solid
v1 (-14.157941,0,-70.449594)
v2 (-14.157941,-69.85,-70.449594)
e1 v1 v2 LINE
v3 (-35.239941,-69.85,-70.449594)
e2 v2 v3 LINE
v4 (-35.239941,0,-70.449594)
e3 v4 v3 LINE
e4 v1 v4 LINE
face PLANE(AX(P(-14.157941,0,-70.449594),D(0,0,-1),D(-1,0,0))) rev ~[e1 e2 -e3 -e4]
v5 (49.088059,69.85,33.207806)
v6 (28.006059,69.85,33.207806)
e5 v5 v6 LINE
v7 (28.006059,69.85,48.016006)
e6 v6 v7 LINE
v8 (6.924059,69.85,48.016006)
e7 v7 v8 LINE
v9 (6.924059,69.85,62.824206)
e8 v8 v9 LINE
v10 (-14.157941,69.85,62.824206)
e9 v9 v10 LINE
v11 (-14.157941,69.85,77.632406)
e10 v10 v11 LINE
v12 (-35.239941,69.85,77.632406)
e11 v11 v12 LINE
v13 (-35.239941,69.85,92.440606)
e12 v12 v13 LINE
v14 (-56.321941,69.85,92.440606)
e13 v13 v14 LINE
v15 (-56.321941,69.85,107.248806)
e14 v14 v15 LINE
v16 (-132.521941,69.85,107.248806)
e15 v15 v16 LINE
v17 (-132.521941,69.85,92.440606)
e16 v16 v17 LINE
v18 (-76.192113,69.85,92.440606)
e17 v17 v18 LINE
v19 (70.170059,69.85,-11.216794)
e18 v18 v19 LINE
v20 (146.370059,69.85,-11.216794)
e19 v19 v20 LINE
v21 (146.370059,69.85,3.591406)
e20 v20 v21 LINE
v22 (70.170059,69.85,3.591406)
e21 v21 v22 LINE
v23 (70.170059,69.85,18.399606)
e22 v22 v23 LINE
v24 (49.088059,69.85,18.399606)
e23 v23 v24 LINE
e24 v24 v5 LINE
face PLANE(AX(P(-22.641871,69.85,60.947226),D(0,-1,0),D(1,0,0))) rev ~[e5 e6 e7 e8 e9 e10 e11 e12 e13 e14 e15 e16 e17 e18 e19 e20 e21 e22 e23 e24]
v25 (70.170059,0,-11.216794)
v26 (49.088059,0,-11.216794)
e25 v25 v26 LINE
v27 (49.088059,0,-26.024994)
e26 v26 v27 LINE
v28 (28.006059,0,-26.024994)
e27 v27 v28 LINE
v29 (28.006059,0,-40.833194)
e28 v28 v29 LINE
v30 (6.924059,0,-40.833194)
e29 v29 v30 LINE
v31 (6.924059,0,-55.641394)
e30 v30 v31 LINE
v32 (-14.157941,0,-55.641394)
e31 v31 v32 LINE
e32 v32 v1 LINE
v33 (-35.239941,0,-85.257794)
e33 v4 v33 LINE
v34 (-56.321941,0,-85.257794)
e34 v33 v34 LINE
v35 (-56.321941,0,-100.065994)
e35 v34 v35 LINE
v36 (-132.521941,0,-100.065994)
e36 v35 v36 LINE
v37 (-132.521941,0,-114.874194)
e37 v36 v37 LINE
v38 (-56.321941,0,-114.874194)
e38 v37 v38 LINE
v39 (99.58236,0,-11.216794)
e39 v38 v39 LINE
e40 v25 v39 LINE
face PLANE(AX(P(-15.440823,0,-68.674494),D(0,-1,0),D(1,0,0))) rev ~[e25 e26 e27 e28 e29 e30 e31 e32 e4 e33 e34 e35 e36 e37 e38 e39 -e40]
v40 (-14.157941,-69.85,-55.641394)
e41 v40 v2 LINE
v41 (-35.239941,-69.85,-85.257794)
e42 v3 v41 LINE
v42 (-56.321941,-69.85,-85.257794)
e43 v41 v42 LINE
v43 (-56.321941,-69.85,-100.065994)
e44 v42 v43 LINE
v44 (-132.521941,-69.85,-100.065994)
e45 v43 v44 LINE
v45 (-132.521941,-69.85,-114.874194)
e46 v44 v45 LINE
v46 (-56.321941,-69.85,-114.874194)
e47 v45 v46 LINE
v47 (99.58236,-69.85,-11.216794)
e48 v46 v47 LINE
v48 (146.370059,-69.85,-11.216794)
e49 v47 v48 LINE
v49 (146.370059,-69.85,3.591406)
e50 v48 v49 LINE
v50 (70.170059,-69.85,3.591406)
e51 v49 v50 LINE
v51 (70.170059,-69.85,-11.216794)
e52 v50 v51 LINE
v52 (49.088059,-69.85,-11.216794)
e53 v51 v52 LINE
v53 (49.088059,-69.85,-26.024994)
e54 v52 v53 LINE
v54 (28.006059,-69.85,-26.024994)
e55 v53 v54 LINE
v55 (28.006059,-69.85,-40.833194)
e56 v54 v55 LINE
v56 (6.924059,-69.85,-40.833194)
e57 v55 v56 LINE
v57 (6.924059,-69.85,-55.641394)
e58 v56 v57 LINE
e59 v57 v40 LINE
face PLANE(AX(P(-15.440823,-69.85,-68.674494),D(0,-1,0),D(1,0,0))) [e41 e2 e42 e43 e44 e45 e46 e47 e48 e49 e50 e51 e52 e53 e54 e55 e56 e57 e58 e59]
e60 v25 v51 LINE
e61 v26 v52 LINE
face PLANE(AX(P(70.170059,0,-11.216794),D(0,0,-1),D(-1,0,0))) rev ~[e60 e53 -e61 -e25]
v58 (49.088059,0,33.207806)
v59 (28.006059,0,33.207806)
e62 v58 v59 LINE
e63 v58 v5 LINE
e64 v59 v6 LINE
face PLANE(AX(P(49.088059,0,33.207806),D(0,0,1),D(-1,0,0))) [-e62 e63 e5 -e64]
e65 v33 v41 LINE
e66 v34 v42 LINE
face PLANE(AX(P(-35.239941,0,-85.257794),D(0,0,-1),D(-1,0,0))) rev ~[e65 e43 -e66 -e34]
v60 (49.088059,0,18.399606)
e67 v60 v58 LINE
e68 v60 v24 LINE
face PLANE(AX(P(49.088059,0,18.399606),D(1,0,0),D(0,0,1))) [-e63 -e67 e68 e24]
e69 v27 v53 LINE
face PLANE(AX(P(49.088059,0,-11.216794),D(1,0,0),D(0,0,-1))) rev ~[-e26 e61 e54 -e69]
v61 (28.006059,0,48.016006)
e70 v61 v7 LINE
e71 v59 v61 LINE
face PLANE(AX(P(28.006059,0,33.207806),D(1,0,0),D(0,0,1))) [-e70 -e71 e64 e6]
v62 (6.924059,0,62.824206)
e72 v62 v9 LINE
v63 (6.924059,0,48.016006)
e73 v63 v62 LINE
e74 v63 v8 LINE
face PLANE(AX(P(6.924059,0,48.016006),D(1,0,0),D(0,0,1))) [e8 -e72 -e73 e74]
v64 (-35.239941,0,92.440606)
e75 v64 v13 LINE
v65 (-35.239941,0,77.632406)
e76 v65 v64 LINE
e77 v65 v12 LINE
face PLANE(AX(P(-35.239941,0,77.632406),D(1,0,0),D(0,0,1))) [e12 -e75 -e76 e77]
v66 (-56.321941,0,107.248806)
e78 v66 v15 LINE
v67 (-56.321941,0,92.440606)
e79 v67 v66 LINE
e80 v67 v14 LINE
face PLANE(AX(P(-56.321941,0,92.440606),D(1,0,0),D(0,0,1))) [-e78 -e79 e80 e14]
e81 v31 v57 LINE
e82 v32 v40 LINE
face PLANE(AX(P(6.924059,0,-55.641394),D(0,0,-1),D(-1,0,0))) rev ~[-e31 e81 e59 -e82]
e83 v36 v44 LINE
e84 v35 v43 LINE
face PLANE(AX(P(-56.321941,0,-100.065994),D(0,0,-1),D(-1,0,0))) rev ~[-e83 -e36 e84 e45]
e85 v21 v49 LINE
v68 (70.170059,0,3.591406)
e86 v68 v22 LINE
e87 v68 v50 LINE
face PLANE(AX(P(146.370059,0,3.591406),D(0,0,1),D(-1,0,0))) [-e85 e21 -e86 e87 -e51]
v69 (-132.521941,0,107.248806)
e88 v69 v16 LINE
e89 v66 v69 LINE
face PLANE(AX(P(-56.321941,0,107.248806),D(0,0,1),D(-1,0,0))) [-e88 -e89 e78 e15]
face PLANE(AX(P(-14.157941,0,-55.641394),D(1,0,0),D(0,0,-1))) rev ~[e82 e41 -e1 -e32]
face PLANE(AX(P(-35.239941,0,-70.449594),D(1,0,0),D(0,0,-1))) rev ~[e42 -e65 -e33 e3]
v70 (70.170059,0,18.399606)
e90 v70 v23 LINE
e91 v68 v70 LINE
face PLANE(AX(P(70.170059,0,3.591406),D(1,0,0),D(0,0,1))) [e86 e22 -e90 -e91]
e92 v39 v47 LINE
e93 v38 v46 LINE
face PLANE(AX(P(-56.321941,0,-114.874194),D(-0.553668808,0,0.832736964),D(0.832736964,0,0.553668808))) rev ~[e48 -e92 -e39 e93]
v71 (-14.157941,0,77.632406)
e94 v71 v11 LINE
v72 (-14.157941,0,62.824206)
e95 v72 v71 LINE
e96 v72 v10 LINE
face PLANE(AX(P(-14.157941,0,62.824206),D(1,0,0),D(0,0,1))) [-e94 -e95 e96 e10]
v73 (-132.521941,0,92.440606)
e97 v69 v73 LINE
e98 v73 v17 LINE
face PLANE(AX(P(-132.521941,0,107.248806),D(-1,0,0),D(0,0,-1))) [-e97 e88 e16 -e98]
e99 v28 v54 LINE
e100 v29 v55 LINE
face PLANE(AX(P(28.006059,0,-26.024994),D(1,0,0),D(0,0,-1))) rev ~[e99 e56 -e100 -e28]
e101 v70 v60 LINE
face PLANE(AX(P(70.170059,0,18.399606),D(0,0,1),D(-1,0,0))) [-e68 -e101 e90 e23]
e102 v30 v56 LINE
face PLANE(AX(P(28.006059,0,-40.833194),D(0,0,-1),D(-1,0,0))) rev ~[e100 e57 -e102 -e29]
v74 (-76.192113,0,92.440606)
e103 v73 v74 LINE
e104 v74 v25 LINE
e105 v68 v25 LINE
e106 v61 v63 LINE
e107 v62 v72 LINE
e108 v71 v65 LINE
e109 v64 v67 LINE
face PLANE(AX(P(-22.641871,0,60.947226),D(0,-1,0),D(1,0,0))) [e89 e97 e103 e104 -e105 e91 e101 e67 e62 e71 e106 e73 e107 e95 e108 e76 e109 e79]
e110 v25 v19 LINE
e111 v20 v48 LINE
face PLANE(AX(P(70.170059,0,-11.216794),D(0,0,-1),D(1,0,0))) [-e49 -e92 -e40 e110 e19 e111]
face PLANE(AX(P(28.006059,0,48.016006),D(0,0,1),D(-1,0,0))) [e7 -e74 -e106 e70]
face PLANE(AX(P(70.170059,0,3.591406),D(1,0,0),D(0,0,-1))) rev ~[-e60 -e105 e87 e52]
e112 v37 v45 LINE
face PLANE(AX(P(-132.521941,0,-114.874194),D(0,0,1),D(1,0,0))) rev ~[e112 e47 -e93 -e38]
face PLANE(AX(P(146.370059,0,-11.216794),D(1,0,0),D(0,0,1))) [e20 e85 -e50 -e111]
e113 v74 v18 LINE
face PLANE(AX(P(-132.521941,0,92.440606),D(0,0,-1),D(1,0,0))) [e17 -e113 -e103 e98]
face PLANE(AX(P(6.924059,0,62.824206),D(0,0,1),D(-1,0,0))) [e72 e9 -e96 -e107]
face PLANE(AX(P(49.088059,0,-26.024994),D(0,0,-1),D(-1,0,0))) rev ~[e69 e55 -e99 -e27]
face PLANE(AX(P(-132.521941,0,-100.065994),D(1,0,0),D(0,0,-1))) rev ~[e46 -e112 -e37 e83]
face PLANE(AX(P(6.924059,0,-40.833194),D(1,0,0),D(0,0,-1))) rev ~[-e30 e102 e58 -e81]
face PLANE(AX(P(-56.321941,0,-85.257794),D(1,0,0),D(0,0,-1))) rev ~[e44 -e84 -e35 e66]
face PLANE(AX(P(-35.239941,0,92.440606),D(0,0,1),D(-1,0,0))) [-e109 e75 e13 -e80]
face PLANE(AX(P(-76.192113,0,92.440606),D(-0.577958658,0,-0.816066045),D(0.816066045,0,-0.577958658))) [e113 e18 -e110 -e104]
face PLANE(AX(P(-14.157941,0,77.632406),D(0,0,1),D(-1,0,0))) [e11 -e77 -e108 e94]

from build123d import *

# Parameters (mm, degrees)
F1_DEPTH = 69.85
F2_DEPTH = 69.85


with BuildPart() as f1:
    # F0 (on Front) → F1 (new body)
    with BuildSketch(Plane.XZ):
        Polygon((-132.521941, -100.065994), (-132.521941, -114.874194), (-56.321941, -114.874194), (99.58236, -11.216794), (70.170059, -11.216794), (49.088059, -11.216794), (49.088059, -26.024994), (28.006059, -26.024994), (28.006059, -40.833194), (6.924059, -40.833194), (6.924059, -55.641394), (-14.157941, -55.641394), (-14.157941, -70.449594), (-35.239941, -70.449594), (-35.239941, -85.257794), (-56.321941, -85.257794), (-56.321941, -100.065994), align=None)
        Polygon((70.170059, -11.216794), (99.58236, -11.216794), (146.370059, -11.216794), (146.370059, 3.591406), (70.170059, 3.591406), align=None)
    extrude(amount=F1_DEPTH)

    # F0 (on Front) → F2 (join)
    with BuildSketch(Plane.XZ):
        Polygon((-76.192113, 92.440606), (70.170059, -11.216794), (70.170059, 3.591406), (70.170059, 18.399606), (49.088059, 18.399606), (49.088059, 33.207806), (28.006059, 33.207806), (28.006059, 48.016006), (6.924059, 48.016006), (6.924059, 62.824206), (-14.157941, 62.824206), (-14.157941, 77.632406), (-35.239941, 77.632406), (-35.239941, 92.440606), (-56.321941, 92.440606), (-56.321941, 107.248806), (-132.521941, 107.248806), (-132.521941, 92.440606), align=None)
        Polygon((70.170059, -11.216794), (99.58236, -11.216794), (146.370059, -11.216794), (146.370059, 3.591406), (70.170059, 3.591406), align=None)
    extrude(amount=-F2_DEPTH)


solid = f1.part
